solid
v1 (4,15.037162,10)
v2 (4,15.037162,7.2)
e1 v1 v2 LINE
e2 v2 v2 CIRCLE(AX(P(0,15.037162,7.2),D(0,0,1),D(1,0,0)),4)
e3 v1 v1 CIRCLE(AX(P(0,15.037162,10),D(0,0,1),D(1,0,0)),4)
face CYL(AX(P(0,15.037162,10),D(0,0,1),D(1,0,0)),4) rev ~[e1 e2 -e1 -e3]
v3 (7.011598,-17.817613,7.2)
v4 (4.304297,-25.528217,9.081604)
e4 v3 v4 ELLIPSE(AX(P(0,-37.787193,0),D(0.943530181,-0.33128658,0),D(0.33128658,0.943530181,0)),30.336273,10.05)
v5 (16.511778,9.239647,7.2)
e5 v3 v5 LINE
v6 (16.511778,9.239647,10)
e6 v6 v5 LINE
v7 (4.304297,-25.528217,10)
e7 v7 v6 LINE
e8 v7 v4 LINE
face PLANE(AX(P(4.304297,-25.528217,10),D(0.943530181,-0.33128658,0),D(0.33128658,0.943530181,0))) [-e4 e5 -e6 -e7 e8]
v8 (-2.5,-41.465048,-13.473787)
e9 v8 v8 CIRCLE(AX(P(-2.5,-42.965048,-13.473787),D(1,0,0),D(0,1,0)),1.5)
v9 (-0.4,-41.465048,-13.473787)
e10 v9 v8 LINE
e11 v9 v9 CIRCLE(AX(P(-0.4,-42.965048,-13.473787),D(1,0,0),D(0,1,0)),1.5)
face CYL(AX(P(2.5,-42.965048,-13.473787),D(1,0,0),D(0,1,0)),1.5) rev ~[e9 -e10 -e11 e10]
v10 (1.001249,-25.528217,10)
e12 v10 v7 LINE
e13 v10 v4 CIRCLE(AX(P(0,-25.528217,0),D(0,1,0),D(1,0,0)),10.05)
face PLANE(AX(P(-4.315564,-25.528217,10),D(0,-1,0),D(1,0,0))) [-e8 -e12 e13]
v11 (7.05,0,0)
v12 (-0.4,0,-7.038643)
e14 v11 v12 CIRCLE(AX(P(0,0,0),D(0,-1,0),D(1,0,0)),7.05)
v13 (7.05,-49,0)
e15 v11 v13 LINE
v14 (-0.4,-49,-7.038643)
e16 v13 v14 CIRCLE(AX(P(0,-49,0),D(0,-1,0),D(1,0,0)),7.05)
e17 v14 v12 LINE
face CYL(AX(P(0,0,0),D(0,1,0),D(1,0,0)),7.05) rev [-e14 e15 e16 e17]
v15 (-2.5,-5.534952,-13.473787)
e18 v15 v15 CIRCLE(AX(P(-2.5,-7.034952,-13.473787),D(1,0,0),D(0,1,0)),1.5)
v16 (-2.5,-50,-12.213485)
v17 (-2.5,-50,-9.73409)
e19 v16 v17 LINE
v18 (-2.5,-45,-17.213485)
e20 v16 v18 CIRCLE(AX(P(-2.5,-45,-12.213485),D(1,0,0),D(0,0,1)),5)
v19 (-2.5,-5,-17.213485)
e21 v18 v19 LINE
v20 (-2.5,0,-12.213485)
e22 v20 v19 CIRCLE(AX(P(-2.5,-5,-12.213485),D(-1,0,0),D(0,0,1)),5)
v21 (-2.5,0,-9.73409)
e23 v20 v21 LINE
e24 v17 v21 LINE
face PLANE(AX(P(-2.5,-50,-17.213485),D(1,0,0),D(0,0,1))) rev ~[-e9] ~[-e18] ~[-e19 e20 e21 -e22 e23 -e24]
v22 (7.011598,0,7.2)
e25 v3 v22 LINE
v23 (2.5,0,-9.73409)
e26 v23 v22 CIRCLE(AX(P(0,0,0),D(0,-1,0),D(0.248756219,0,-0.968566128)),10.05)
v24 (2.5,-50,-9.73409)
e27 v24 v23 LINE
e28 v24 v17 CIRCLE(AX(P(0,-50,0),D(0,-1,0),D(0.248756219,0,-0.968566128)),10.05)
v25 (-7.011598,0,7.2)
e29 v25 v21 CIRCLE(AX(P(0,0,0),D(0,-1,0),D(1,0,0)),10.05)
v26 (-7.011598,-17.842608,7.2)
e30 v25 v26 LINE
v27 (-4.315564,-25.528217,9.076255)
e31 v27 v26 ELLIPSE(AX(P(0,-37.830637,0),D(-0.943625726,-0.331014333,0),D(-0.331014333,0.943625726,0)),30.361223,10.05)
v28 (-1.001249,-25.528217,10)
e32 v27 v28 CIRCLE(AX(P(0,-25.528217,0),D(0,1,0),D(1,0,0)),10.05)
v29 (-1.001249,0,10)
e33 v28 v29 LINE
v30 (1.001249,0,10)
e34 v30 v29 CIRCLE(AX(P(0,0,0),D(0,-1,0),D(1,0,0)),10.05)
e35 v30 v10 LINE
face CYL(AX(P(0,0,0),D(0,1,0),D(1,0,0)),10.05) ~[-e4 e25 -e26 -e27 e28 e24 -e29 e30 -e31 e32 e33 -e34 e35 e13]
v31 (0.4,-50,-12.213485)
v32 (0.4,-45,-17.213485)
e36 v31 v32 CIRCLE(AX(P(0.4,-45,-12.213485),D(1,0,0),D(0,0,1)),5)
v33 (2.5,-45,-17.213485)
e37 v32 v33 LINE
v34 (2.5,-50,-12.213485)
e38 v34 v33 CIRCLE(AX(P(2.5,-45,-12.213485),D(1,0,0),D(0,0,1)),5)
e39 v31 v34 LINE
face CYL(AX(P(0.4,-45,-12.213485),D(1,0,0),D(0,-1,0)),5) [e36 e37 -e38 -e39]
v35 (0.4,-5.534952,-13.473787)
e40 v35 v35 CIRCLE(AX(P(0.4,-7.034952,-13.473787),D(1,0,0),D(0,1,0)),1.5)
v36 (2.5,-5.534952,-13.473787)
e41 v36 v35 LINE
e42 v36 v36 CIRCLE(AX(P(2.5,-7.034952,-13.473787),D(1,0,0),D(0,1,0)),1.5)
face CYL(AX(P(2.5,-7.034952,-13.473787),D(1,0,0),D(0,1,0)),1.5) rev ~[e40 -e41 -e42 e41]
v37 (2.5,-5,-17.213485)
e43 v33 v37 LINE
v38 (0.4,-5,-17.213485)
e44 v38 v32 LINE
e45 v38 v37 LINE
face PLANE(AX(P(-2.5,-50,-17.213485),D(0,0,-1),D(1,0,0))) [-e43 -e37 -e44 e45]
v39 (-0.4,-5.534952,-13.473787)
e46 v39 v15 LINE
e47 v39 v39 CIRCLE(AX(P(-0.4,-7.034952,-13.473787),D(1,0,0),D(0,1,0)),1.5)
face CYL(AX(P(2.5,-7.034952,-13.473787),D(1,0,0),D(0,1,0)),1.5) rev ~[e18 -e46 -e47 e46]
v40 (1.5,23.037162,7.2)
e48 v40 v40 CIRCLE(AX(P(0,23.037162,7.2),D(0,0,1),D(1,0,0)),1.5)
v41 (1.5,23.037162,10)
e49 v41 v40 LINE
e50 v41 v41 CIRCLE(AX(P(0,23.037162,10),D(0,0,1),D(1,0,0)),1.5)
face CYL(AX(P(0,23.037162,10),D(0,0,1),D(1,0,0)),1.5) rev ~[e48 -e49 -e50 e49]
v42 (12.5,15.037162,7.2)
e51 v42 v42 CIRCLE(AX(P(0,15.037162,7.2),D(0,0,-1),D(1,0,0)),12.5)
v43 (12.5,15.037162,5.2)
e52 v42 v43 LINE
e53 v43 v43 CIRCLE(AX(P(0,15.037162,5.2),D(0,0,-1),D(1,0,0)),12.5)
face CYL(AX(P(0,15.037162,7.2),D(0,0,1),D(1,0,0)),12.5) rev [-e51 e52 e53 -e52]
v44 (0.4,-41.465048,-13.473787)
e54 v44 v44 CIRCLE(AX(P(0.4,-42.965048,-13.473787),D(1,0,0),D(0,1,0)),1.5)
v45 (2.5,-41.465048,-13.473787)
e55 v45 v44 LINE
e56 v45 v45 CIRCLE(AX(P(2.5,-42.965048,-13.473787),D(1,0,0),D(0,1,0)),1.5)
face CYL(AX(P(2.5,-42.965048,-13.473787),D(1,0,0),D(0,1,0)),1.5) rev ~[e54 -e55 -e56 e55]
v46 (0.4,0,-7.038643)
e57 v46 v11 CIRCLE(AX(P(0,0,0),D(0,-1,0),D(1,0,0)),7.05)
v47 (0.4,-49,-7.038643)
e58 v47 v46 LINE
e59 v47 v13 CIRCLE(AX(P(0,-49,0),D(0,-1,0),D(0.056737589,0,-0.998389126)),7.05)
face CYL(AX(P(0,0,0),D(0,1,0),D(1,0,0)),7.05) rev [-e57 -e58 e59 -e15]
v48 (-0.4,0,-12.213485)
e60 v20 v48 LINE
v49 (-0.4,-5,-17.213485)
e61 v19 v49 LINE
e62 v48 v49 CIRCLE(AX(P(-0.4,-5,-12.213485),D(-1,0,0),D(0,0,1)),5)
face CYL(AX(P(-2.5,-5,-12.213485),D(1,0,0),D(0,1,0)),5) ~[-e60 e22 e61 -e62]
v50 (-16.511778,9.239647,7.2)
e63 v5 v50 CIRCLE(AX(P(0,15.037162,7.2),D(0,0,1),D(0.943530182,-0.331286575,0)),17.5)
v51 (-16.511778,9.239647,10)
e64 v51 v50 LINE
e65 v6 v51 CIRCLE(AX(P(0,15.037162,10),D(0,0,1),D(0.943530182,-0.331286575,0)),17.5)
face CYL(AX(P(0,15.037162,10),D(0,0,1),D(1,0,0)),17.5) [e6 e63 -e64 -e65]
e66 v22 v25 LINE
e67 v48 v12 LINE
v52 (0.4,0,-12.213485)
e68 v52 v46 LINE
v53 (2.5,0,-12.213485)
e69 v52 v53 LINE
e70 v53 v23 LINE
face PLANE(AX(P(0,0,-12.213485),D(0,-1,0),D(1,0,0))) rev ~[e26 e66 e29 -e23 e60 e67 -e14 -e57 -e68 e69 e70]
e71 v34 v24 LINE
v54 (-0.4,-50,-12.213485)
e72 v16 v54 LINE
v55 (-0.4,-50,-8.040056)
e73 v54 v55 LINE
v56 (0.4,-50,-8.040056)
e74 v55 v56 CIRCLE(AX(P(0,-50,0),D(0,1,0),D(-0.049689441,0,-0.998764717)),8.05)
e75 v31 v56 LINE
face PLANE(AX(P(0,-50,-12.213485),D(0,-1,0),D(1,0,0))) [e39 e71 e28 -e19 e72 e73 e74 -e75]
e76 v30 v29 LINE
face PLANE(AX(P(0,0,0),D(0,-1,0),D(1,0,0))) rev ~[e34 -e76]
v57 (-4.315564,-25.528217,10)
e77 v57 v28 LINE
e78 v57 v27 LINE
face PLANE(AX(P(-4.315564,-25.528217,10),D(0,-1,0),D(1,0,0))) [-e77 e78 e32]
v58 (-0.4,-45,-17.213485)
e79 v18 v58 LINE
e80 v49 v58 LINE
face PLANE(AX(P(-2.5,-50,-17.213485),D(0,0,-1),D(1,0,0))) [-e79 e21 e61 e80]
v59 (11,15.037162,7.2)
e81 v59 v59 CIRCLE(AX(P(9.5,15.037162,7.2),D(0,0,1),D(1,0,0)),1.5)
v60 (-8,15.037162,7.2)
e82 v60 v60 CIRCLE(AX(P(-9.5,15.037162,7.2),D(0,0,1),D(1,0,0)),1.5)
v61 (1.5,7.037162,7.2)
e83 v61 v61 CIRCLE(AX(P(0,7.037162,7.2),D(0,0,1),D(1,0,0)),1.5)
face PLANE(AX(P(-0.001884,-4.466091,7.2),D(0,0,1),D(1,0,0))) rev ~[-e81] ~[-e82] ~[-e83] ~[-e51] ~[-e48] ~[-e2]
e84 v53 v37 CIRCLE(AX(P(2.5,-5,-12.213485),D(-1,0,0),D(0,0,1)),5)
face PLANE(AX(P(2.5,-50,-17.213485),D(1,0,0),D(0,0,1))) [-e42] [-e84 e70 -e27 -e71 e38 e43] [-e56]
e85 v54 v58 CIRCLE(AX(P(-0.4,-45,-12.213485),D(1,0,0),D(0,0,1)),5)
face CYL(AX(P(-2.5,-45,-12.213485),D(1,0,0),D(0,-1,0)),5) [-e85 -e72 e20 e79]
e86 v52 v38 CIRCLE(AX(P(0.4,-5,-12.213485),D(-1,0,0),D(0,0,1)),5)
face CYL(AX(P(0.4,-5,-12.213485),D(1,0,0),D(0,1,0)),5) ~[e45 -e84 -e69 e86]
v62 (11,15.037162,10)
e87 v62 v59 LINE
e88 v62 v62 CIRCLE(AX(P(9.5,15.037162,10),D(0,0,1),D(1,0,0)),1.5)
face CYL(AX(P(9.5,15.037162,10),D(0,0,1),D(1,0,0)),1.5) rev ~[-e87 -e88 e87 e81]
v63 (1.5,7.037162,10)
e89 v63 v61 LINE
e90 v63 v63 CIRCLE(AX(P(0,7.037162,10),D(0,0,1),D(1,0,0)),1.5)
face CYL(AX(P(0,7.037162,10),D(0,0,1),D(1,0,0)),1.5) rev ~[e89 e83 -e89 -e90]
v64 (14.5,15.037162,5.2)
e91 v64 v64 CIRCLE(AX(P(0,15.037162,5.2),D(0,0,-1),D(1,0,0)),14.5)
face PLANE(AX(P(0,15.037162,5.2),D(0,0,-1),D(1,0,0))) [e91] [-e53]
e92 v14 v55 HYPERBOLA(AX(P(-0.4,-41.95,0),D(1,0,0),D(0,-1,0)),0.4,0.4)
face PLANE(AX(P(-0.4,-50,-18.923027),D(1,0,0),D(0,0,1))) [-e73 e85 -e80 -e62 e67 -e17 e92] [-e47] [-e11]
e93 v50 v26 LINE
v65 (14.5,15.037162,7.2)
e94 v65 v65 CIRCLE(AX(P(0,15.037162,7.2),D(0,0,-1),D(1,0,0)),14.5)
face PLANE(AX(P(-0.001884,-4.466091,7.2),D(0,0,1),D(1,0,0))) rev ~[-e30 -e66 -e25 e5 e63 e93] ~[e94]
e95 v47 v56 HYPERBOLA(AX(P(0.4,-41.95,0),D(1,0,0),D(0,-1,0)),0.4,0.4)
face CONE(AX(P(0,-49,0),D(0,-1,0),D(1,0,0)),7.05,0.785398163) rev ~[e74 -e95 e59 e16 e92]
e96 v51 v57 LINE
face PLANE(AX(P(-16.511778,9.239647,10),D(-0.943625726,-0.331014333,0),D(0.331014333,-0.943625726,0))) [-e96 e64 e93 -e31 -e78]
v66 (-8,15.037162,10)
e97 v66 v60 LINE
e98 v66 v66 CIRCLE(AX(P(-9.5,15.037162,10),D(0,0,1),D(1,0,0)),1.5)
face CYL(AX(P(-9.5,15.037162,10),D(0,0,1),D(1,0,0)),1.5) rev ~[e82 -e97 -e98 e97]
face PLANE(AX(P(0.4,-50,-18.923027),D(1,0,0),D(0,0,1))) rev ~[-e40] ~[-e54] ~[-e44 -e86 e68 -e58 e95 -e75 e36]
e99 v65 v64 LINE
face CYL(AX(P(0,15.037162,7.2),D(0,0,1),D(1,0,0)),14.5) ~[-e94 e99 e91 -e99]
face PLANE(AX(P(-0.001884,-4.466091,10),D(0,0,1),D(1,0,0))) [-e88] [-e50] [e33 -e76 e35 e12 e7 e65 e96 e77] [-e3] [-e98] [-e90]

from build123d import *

# Parameters (mm, degrees)
F0_R      = 10.05
F0_R_2    = 7.05
F1_DEPTH  = 50
F3_R      = 17.5
F4_DEPTH  = 2.8
F5_W      = 5
F5_H      = 10
F6_DEPTH  = 50
F7_W      = 0.8
F7_H      = 12.637284
F8_DEPTH  = 82.538162
F10_DEPTH = 2.8
F11_R     = 1.5
F11_R_2   = 4
F12_DEPTH = 25
F13_R     = 14.5
F13_R_2   = 12.5
F14_DEPTH = 2
F15_R     = 1.5
F16_DEPTH = 20.001
F17_R     = 5
F18_SIZE  = 1


with BuildPart() as f1:
    # F0 (on Front) → F1 (new body)
    with BuildSketch(Plane.XZ):
        Circle(F0_R)
        Circle(F0_R_2, mode=Mode.SUBTRACT)
    extrude(amount=F1_DEPTH)

    # F3 (on offset) → F4 (join)
    with BuildSketch(Plane.XY.offset(10)):
        with Locations((0, 15.037162)):
            Circle(F3_R)
    extrude(amount=-F4_DEPTH)

    # F5 (on face) → F6 (join, through all)
    with BuildSketch(Plane.XZ.offset(50)):
        with Locations((0, -12.213485)):
            Rectangle(F5_W, F5_H)
    extrude(amount=-F6_DEPTH)

    # F7 (on face) → F8 (cut, through all)
    with BuildSketch(Plane.XZ.offset(50)):
        with Locations((0, -12.604385)):
            Rectangle(F7_W, F7_H)
    extrude(amount=-F8_DEPTH, mode=Mode.SUBTRACT)

    # F9 (on face) → F10 (join)
    with BuildSketch(Plane.XY.offset(10)):
        Polygon((4.304297, -25.528217), (16.511778, 9.239647), (-16.511778, 9.239647), (-4.315564, -25.528217), align=None)
    extrude(amount=-F10_DEPTH)

    # F11 (on face) → F12 (cut)
    with BuildSketch(Plane.XY.offset(10)):
        with Locations((0, 23.037162)):
            Circle(F11_R)
        with Locations((-9.5, 15.037162)):
            Circle(F11_R)
        with Locations((0, 7.037162)):
            Circle(F11_R)
        with Locations((9.5, 15.037162)):
            Circle(F11_R)
        with Locations((0, 15.037162)):
            Circle(F11_R_2)
    extrude(amount=-F12_DEPTH, mode=Mode.SUBTRACT)

    # F13 (on face) → F14 (join)
    with BuildSketch(Plane(origin=(0, 0, 7.2), x_dir=(1, 0, 0), z_dir=(0, 0, -1))):
        with Locations((0, -15.037162)):
            Circle(F13_R)
        with Locations((0, -15.037162)):
            Circle(F13_R_2, mode=Mode.SUBTRACT)
    extrude(amount=F14_DEPTH)

    # F15 (on face) → F16 (cut, through all)
    with BuildSketch(Plane.YZ.offset(2.5)):
        with Locations((-7.034952, -13.473787)):
            Circle(F15_R)
        with Locations((-42.965048, -13.473787)):
            Circle(F15_R)
    extrude(amount=-F16_DEPTH, mode=Mode.SUBTRACT)

    # F17
    f17_edges = [f1.edges().sort_by_distance(p)[0] for p in [
        (1.45, -50, -17.213485),
        (-1.45, -50, -17.213485),
        (1.45, 0, -17.213485),
        (-1.45, 0, -17.213485),
    ]]
    fillet(f17_edges, radius=F17_R)

    # F18
    f18_edges = [f1.edges().sort_by_distance(p)[0] for p in [
        (-4.841616, -50, 5.124573),
    ]]
    chamfer(f18_edges, length=F18_SIZE)


solid = f1.part
